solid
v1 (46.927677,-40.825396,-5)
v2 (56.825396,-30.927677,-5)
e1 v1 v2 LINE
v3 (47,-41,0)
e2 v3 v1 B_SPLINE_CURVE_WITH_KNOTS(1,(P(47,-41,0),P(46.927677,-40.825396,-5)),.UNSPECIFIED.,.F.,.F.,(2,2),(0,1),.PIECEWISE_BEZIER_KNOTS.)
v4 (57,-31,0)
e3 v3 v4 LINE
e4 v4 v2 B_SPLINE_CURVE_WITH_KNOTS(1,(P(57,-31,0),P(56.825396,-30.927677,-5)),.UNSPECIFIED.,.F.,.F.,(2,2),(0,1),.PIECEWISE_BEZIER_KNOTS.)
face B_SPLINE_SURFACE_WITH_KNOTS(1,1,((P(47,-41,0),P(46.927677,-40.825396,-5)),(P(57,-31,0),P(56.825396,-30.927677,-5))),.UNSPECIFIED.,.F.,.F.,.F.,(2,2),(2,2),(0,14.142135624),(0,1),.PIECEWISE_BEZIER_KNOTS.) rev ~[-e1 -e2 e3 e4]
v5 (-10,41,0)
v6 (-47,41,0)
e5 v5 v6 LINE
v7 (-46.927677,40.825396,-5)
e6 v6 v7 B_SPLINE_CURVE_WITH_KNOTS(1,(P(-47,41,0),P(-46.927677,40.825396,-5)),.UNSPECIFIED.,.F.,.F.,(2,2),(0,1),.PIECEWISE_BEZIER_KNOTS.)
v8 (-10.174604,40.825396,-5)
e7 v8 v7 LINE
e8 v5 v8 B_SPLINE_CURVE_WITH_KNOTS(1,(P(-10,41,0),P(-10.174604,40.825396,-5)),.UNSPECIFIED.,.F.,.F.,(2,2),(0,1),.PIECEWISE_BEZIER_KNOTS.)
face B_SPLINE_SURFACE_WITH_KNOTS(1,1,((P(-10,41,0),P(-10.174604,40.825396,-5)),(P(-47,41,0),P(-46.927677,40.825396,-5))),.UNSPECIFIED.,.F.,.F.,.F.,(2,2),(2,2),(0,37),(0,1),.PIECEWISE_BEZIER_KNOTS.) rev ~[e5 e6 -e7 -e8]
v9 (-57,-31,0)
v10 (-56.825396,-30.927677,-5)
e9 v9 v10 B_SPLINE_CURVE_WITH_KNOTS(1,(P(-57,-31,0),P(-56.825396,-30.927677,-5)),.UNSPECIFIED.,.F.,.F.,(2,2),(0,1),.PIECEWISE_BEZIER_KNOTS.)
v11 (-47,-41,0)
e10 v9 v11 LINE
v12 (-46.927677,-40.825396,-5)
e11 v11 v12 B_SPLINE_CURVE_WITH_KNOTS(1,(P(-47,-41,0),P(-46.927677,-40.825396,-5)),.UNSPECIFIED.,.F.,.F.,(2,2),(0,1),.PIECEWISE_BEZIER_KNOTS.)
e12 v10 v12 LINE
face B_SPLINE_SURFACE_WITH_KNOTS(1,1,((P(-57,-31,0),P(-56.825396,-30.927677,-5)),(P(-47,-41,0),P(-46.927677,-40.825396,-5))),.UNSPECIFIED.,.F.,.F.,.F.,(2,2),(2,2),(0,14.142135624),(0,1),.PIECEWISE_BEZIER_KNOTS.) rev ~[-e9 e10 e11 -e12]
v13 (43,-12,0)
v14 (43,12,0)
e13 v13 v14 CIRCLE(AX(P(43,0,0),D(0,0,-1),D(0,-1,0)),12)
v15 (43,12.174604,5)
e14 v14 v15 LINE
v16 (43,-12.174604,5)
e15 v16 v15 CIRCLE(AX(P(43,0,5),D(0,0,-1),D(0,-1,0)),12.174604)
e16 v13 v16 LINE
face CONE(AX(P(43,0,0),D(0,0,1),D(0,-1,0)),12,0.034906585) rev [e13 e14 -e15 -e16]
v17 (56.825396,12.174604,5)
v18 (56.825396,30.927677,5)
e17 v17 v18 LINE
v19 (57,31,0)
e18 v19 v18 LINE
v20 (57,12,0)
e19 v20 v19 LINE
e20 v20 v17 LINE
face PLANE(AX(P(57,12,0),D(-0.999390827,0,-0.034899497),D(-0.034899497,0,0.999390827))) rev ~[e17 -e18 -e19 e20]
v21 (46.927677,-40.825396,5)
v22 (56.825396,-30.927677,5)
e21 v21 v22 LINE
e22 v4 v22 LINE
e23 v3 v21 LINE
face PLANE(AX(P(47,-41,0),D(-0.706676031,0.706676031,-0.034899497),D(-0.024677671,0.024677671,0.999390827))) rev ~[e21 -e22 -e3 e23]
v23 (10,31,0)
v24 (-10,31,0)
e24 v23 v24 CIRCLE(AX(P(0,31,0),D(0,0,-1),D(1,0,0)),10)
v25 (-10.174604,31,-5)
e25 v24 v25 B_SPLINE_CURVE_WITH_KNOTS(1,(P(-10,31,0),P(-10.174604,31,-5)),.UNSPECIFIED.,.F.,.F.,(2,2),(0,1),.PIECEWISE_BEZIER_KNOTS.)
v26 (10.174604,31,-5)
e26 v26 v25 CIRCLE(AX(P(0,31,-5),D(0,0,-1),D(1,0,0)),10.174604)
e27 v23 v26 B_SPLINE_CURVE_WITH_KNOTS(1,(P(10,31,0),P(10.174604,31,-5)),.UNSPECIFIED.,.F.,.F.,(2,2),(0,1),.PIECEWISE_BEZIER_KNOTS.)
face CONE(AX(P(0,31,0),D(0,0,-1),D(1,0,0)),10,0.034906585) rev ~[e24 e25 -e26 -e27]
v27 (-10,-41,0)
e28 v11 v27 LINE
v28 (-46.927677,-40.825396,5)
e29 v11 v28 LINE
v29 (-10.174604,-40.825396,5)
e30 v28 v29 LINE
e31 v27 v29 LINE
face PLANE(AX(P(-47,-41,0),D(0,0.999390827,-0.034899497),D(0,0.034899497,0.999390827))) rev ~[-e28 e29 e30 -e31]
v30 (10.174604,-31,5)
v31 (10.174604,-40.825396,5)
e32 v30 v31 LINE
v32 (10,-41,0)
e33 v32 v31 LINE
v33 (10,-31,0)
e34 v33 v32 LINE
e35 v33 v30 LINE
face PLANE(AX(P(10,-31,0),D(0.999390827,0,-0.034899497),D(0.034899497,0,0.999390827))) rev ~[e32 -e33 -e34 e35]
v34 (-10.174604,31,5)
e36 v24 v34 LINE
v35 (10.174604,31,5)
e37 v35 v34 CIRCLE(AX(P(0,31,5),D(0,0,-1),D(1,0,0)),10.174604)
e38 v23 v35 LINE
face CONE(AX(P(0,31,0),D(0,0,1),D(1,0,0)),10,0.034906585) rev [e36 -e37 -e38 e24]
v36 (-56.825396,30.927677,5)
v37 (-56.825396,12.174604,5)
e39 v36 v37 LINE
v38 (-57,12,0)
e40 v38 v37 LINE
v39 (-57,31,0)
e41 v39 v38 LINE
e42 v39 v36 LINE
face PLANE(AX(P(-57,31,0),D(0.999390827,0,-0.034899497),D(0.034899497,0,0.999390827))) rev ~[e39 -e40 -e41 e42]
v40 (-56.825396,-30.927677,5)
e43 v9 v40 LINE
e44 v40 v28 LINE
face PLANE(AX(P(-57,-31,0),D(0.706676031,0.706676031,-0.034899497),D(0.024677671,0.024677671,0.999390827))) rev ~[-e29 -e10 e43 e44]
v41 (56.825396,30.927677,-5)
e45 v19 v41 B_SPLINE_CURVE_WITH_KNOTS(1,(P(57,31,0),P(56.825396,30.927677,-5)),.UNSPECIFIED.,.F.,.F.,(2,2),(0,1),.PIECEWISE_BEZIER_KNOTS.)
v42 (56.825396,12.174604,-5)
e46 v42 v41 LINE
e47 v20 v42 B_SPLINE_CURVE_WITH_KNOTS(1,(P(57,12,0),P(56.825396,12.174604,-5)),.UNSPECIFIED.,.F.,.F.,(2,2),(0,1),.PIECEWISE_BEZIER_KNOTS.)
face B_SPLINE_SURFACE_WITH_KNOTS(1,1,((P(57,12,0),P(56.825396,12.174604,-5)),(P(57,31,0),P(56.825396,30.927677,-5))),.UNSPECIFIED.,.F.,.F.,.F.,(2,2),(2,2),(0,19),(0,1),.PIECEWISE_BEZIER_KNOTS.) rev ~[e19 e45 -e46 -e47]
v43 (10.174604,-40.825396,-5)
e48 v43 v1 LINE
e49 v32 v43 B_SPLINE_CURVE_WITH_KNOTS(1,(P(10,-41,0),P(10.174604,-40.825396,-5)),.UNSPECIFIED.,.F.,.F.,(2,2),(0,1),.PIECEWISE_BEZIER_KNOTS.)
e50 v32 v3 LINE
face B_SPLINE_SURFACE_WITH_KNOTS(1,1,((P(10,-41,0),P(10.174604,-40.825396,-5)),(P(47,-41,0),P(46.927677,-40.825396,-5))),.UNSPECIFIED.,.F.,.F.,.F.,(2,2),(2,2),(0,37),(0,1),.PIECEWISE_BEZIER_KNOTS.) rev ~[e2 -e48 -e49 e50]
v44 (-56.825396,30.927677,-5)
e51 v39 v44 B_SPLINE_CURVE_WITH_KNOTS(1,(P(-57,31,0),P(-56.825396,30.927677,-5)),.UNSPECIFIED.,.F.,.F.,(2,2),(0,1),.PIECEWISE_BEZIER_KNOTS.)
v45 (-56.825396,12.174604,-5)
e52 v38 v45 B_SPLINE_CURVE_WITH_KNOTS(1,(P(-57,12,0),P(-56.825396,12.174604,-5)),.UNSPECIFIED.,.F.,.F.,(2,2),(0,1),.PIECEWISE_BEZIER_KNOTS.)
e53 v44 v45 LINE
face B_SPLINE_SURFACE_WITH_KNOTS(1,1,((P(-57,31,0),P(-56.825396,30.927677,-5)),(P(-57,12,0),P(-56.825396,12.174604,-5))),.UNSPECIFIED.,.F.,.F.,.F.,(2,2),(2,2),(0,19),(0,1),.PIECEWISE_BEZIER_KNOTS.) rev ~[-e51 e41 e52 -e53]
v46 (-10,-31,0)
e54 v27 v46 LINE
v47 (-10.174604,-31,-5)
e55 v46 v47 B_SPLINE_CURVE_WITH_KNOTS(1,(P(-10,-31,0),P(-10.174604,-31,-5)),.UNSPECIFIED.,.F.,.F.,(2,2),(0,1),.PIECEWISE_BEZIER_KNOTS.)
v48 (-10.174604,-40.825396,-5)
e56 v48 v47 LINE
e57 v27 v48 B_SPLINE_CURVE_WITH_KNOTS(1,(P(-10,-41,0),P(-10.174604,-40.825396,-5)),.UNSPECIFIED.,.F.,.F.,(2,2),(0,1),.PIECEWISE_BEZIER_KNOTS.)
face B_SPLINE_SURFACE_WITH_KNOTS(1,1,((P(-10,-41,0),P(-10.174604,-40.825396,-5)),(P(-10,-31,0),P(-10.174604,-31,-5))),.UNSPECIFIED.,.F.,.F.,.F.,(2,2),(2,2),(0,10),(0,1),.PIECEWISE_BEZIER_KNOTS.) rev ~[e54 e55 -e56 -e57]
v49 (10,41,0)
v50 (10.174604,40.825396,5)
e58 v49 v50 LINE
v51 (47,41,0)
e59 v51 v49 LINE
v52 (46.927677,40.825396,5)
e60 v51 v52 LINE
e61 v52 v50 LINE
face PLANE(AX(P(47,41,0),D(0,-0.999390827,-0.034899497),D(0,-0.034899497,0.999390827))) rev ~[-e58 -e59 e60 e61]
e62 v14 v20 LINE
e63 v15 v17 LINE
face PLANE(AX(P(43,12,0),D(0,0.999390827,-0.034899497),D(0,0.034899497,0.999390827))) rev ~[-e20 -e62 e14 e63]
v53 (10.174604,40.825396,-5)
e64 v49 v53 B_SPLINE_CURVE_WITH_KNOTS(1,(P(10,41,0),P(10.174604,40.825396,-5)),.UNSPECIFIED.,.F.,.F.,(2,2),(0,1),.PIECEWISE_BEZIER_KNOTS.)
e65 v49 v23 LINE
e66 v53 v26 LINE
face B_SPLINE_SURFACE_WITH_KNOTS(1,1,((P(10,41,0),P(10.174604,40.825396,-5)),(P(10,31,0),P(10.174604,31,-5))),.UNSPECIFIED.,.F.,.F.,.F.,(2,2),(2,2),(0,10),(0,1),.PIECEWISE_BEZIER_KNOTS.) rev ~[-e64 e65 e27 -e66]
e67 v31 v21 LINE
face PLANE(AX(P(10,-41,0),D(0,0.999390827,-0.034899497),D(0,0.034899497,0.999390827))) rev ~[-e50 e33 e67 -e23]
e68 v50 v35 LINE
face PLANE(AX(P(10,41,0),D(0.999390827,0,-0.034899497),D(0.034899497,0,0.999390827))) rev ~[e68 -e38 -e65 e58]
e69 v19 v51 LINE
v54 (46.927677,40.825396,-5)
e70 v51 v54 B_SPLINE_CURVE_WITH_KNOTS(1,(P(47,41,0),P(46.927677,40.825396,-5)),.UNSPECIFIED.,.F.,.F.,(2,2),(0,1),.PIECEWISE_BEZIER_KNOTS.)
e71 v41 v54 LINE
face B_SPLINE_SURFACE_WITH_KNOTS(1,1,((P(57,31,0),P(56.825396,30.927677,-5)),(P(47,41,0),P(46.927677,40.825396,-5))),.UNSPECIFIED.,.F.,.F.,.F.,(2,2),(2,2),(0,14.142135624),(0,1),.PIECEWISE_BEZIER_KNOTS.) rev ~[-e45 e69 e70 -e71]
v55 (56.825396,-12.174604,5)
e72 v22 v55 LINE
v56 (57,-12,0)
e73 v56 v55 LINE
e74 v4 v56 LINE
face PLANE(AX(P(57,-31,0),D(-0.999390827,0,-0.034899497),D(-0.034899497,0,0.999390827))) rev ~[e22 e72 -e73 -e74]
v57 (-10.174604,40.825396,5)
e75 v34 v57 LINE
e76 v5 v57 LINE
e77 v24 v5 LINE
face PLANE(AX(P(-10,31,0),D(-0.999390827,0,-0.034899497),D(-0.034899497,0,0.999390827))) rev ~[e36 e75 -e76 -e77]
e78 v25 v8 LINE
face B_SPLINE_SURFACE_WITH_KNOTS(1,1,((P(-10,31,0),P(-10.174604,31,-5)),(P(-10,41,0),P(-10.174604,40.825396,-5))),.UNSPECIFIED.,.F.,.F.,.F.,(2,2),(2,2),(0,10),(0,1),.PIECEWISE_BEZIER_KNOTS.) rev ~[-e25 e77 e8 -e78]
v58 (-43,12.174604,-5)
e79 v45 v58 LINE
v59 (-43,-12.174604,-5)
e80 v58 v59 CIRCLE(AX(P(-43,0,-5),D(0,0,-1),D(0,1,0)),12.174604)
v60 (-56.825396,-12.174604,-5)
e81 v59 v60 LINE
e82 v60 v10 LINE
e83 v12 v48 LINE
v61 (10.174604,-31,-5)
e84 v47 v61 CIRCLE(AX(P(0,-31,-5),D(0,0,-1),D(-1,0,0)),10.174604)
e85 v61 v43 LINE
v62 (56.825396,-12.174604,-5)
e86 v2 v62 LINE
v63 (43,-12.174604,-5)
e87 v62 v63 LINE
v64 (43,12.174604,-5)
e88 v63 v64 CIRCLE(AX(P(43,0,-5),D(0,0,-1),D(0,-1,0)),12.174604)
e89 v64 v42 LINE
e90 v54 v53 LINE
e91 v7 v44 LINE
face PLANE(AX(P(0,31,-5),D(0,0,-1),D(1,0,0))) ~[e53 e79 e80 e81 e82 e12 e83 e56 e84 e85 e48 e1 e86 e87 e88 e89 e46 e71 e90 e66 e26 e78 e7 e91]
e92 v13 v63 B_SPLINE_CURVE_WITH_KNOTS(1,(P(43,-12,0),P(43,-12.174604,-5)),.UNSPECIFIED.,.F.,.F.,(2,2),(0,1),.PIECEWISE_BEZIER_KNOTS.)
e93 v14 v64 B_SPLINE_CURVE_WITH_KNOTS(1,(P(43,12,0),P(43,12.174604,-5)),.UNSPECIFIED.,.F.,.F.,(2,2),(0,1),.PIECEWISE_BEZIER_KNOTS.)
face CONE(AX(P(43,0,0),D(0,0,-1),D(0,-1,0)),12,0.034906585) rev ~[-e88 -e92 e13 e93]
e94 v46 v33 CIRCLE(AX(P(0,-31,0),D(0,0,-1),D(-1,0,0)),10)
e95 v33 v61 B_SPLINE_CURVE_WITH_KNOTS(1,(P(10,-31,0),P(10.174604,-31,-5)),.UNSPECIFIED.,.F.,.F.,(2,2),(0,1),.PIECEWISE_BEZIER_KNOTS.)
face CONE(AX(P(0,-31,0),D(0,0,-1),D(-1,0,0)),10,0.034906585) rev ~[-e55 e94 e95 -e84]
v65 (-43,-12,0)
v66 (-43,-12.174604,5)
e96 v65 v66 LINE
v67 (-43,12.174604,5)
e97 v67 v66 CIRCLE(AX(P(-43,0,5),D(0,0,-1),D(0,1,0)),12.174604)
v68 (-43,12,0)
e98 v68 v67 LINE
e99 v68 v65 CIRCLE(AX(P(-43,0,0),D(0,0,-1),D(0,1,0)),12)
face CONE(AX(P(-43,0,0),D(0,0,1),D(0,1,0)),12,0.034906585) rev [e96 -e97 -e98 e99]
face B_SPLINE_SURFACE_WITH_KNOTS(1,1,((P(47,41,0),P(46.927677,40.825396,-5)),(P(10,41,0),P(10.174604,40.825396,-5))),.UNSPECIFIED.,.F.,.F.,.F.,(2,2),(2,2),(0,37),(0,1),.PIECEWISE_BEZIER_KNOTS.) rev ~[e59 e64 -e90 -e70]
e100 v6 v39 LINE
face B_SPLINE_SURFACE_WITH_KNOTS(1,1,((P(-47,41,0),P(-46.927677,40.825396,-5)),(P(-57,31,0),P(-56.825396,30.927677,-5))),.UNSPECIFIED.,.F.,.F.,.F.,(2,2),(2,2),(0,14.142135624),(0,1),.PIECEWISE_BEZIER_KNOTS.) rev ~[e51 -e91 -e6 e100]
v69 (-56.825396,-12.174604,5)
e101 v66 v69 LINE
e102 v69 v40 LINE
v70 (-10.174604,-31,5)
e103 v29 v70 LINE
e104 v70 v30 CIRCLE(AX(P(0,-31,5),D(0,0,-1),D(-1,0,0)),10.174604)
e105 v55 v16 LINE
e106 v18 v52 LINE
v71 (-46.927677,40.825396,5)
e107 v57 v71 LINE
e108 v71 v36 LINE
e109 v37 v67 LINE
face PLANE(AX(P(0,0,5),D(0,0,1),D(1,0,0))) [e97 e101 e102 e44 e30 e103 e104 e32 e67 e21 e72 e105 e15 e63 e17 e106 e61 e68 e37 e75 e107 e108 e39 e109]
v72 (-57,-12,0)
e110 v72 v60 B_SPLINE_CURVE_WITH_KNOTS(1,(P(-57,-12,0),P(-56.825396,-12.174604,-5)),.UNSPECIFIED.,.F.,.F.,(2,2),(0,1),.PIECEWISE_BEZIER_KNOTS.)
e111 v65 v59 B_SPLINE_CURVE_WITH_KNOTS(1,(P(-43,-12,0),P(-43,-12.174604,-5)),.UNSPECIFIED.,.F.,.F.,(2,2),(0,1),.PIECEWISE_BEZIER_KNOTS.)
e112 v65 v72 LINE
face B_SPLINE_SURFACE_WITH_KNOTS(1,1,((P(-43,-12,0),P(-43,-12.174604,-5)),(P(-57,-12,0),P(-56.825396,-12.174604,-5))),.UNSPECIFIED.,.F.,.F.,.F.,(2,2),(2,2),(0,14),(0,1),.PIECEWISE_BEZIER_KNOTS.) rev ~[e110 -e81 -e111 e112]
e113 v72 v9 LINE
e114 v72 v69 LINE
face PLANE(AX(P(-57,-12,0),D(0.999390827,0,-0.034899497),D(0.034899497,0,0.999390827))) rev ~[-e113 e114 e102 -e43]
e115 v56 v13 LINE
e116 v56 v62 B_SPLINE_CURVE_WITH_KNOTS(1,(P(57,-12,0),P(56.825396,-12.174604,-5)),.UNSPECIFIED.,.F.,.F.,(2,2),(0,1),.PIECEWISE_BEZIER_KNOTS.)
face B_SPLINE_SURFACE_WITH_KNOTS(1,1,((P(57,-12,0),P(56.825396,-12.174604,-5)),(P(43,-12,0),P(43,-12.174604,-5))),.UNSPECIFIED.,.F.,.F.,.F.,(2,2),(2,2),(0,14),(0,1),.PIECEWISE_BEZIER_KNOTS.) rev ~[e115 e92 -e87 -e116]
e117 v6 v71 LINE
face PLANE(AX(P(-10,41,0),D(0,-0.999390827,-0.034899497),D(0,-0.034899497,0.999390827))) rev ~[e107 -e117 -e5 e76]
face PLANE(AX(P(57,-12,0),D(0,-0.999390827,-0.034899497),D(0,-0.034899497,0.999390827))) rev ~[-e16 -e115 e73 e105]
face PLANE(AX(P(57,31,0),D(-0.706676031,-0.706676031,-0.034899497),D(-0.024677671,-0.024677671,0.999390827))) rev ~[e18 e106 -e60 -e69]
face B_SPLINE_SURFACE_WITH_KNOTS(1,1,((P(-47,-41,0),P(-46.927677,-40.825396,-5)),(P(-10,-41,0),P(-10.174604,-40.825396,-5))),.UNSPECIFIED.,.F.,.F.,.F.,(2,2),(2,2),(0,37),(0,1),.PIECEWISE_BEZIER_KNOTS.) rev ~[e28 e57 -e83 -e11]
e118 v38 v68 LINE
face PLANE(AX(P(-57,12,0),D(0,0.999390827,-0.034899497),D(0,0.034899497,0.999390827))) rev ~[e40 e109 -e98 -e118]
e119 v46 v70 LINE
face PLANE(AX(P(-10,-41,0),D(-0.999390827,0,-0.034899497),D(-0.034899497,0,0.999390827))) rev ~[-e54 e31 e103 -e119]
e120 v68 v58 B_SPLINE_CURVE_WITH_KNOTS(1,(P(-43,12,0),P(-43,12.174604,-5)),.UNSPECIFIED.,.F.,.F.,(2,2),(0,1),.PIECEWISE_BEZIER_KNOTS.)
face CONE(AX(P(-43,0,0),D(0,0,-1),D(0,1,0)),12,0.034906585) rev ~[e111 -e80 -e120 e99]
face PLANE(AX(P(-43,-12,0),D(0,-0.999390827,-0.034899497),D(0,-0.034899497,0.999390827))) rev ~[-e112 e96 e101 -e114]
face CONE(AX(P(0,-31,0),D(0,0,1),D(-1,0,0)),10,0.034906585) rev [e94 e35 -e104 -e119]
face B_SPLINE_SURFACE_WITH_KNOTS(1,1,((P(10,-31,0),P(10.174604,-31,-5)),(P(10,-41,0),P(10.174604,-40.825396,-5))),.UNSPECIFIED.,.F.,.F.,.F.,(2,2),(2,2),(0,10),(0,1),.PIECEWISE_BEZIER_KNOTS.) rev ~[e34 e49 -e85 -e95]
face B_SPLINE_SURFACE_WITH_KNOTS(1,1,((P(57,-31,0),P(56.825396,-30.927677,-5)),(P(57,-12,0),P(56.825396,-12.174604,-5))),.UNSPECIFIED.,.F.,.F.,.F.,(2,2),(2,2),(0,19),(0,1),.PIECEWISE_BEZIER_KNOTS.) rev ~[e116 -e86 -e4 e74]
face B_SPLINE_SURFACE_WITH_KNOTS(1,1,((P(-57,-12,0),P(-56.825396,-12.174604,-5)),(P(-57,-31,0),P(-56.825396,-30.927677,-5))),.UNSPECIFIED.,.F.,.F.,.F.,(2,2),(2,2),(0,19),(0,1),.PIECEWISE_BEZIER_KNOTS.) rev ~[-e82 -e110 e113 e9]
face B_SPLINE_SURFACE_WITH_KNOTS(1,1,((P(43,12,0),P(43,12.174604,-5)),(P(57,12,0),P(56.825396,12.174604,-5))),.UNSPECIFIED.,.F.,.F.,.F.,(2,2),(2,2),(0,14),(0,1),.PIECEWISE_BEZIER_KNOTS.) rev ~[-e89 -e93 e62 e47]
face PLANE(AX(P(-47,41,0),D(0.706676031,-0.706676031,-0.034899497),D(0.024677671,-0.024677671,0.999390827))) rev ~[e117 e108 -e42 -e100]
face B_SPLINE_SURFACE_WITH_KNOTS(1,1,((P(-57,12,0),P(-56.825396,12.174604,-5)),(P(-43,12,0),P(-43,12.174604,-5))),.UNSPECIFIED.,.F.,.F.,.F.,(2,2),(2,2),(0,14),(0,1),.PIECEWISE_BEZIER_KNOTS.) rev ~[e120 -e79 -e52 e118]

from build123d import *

# Parameters (mm, degrees)
BOSS_EXTRUDE1_DEPTH           = 5
BOSS_EXTRUDE1_TAPER           = 2
BOSS_EXTRUDE1_OTHER_WAY_DEPTH = 5
BOSS_EXTRUDE1_OTHER_WAY_TAPER = 2


with BuildPart() as part:
    # Sketch1 → Boss-Extrude1 (new body)
    with BuildSketch(Plane.XY):
        with BuildLine():
            Line((47, 41), (10, 41))
            Line((10, 41), (10, 31))
            ThreePointArc((10, 31), (0, 21), (-10, 31))
            Line((-10, 31), (-10, 41))
            Line((-10, 41), (-47, 41))
            Line((-47, 41), (-57, 31))
            Line((-57, 31), (-57, 12))
            Line((-57, 12), (-43, 12))
            ThreePointArc((-43, 12), (-31, 0), (-43, -12))
            Line((-43, -12), (-57, -12))
            Line((-57, -12), (-57, -31))
            Line((-57, -31), (-47, -41))
            Line((-47, -41), (-10, -41))
            Line((-10, -41), (-10, -31))
            ThreePointArc((-10, -31), (0, -21), (10, -31))
            Line((10, -31), (10, -41))
            Line((10, -41), (47, -41))
            Line((47, -41), (57, -31))
            Line((57, -31), (57, -12))
            Line((57, -12), (43, -12))
            ThreePointArc((43, -12), (31, 0), (43, 12))
            Line((43, 12), (57, 12))
            Line((57, 12), (57, 31))
            Line((57, 31), (47, 41))
        make_face()
    extrude(amount=BOSS_EXTRUDE1_DEPTH, taper=BOSS_EXTRUDE1_TAPER)

    # Sketch1 → Boss-Extrude1 other way (add)
    with BuildSketch(Plane.XY):
        with BuildLine():
            Line((47, 41), (10, 41))
            Line((10, 41), (10, 31))
            ThreePointArc((10, 31), (0, 21), (-10, 31))
            Line((-10, 31), (-10, 41))
            Line((-10, 41), (-47, 41))
            Line((-47, 41), (-57, 31))
            Line((-57, 31), (-57, 12))
            Line((-57, 12), (-43, 12))
            ThreePointArc((-43, 12), (-31, 0), (-43, -12))
            Line((-43, -12), (-57, -12))
            Line((-57, -12), (-57, -31))
            Line((-57, -31), (-47, -41))
            Line((-47, -41), (-10, -41))
            Line((-10, -41), (-10, -31))
            ThreePointArc((-10, -31), (0, -21), (10, -31))
            Line((10, -31), (10, -41))
            Line((10, -41), (47, -41))
            Line((47, -41), (57, -31))
            Line((57, -31), (57, -12))
            Line((57, -12), (43, -12))
            ThreePointArc((43, -12), (31, 0), (43, 12))
            Line((43, 12), (57, 12))
            Line((57, 12), (57, 31))
            Line((57, 31), (47, 41))
        make_face()
    extrude(amount=-BOSS_EXTRUDE1_OTHER_WAY_DEPTH, taper=BOSS_EXTRUDE1_OTHER_WAY_TAPER)


solid = part.part
